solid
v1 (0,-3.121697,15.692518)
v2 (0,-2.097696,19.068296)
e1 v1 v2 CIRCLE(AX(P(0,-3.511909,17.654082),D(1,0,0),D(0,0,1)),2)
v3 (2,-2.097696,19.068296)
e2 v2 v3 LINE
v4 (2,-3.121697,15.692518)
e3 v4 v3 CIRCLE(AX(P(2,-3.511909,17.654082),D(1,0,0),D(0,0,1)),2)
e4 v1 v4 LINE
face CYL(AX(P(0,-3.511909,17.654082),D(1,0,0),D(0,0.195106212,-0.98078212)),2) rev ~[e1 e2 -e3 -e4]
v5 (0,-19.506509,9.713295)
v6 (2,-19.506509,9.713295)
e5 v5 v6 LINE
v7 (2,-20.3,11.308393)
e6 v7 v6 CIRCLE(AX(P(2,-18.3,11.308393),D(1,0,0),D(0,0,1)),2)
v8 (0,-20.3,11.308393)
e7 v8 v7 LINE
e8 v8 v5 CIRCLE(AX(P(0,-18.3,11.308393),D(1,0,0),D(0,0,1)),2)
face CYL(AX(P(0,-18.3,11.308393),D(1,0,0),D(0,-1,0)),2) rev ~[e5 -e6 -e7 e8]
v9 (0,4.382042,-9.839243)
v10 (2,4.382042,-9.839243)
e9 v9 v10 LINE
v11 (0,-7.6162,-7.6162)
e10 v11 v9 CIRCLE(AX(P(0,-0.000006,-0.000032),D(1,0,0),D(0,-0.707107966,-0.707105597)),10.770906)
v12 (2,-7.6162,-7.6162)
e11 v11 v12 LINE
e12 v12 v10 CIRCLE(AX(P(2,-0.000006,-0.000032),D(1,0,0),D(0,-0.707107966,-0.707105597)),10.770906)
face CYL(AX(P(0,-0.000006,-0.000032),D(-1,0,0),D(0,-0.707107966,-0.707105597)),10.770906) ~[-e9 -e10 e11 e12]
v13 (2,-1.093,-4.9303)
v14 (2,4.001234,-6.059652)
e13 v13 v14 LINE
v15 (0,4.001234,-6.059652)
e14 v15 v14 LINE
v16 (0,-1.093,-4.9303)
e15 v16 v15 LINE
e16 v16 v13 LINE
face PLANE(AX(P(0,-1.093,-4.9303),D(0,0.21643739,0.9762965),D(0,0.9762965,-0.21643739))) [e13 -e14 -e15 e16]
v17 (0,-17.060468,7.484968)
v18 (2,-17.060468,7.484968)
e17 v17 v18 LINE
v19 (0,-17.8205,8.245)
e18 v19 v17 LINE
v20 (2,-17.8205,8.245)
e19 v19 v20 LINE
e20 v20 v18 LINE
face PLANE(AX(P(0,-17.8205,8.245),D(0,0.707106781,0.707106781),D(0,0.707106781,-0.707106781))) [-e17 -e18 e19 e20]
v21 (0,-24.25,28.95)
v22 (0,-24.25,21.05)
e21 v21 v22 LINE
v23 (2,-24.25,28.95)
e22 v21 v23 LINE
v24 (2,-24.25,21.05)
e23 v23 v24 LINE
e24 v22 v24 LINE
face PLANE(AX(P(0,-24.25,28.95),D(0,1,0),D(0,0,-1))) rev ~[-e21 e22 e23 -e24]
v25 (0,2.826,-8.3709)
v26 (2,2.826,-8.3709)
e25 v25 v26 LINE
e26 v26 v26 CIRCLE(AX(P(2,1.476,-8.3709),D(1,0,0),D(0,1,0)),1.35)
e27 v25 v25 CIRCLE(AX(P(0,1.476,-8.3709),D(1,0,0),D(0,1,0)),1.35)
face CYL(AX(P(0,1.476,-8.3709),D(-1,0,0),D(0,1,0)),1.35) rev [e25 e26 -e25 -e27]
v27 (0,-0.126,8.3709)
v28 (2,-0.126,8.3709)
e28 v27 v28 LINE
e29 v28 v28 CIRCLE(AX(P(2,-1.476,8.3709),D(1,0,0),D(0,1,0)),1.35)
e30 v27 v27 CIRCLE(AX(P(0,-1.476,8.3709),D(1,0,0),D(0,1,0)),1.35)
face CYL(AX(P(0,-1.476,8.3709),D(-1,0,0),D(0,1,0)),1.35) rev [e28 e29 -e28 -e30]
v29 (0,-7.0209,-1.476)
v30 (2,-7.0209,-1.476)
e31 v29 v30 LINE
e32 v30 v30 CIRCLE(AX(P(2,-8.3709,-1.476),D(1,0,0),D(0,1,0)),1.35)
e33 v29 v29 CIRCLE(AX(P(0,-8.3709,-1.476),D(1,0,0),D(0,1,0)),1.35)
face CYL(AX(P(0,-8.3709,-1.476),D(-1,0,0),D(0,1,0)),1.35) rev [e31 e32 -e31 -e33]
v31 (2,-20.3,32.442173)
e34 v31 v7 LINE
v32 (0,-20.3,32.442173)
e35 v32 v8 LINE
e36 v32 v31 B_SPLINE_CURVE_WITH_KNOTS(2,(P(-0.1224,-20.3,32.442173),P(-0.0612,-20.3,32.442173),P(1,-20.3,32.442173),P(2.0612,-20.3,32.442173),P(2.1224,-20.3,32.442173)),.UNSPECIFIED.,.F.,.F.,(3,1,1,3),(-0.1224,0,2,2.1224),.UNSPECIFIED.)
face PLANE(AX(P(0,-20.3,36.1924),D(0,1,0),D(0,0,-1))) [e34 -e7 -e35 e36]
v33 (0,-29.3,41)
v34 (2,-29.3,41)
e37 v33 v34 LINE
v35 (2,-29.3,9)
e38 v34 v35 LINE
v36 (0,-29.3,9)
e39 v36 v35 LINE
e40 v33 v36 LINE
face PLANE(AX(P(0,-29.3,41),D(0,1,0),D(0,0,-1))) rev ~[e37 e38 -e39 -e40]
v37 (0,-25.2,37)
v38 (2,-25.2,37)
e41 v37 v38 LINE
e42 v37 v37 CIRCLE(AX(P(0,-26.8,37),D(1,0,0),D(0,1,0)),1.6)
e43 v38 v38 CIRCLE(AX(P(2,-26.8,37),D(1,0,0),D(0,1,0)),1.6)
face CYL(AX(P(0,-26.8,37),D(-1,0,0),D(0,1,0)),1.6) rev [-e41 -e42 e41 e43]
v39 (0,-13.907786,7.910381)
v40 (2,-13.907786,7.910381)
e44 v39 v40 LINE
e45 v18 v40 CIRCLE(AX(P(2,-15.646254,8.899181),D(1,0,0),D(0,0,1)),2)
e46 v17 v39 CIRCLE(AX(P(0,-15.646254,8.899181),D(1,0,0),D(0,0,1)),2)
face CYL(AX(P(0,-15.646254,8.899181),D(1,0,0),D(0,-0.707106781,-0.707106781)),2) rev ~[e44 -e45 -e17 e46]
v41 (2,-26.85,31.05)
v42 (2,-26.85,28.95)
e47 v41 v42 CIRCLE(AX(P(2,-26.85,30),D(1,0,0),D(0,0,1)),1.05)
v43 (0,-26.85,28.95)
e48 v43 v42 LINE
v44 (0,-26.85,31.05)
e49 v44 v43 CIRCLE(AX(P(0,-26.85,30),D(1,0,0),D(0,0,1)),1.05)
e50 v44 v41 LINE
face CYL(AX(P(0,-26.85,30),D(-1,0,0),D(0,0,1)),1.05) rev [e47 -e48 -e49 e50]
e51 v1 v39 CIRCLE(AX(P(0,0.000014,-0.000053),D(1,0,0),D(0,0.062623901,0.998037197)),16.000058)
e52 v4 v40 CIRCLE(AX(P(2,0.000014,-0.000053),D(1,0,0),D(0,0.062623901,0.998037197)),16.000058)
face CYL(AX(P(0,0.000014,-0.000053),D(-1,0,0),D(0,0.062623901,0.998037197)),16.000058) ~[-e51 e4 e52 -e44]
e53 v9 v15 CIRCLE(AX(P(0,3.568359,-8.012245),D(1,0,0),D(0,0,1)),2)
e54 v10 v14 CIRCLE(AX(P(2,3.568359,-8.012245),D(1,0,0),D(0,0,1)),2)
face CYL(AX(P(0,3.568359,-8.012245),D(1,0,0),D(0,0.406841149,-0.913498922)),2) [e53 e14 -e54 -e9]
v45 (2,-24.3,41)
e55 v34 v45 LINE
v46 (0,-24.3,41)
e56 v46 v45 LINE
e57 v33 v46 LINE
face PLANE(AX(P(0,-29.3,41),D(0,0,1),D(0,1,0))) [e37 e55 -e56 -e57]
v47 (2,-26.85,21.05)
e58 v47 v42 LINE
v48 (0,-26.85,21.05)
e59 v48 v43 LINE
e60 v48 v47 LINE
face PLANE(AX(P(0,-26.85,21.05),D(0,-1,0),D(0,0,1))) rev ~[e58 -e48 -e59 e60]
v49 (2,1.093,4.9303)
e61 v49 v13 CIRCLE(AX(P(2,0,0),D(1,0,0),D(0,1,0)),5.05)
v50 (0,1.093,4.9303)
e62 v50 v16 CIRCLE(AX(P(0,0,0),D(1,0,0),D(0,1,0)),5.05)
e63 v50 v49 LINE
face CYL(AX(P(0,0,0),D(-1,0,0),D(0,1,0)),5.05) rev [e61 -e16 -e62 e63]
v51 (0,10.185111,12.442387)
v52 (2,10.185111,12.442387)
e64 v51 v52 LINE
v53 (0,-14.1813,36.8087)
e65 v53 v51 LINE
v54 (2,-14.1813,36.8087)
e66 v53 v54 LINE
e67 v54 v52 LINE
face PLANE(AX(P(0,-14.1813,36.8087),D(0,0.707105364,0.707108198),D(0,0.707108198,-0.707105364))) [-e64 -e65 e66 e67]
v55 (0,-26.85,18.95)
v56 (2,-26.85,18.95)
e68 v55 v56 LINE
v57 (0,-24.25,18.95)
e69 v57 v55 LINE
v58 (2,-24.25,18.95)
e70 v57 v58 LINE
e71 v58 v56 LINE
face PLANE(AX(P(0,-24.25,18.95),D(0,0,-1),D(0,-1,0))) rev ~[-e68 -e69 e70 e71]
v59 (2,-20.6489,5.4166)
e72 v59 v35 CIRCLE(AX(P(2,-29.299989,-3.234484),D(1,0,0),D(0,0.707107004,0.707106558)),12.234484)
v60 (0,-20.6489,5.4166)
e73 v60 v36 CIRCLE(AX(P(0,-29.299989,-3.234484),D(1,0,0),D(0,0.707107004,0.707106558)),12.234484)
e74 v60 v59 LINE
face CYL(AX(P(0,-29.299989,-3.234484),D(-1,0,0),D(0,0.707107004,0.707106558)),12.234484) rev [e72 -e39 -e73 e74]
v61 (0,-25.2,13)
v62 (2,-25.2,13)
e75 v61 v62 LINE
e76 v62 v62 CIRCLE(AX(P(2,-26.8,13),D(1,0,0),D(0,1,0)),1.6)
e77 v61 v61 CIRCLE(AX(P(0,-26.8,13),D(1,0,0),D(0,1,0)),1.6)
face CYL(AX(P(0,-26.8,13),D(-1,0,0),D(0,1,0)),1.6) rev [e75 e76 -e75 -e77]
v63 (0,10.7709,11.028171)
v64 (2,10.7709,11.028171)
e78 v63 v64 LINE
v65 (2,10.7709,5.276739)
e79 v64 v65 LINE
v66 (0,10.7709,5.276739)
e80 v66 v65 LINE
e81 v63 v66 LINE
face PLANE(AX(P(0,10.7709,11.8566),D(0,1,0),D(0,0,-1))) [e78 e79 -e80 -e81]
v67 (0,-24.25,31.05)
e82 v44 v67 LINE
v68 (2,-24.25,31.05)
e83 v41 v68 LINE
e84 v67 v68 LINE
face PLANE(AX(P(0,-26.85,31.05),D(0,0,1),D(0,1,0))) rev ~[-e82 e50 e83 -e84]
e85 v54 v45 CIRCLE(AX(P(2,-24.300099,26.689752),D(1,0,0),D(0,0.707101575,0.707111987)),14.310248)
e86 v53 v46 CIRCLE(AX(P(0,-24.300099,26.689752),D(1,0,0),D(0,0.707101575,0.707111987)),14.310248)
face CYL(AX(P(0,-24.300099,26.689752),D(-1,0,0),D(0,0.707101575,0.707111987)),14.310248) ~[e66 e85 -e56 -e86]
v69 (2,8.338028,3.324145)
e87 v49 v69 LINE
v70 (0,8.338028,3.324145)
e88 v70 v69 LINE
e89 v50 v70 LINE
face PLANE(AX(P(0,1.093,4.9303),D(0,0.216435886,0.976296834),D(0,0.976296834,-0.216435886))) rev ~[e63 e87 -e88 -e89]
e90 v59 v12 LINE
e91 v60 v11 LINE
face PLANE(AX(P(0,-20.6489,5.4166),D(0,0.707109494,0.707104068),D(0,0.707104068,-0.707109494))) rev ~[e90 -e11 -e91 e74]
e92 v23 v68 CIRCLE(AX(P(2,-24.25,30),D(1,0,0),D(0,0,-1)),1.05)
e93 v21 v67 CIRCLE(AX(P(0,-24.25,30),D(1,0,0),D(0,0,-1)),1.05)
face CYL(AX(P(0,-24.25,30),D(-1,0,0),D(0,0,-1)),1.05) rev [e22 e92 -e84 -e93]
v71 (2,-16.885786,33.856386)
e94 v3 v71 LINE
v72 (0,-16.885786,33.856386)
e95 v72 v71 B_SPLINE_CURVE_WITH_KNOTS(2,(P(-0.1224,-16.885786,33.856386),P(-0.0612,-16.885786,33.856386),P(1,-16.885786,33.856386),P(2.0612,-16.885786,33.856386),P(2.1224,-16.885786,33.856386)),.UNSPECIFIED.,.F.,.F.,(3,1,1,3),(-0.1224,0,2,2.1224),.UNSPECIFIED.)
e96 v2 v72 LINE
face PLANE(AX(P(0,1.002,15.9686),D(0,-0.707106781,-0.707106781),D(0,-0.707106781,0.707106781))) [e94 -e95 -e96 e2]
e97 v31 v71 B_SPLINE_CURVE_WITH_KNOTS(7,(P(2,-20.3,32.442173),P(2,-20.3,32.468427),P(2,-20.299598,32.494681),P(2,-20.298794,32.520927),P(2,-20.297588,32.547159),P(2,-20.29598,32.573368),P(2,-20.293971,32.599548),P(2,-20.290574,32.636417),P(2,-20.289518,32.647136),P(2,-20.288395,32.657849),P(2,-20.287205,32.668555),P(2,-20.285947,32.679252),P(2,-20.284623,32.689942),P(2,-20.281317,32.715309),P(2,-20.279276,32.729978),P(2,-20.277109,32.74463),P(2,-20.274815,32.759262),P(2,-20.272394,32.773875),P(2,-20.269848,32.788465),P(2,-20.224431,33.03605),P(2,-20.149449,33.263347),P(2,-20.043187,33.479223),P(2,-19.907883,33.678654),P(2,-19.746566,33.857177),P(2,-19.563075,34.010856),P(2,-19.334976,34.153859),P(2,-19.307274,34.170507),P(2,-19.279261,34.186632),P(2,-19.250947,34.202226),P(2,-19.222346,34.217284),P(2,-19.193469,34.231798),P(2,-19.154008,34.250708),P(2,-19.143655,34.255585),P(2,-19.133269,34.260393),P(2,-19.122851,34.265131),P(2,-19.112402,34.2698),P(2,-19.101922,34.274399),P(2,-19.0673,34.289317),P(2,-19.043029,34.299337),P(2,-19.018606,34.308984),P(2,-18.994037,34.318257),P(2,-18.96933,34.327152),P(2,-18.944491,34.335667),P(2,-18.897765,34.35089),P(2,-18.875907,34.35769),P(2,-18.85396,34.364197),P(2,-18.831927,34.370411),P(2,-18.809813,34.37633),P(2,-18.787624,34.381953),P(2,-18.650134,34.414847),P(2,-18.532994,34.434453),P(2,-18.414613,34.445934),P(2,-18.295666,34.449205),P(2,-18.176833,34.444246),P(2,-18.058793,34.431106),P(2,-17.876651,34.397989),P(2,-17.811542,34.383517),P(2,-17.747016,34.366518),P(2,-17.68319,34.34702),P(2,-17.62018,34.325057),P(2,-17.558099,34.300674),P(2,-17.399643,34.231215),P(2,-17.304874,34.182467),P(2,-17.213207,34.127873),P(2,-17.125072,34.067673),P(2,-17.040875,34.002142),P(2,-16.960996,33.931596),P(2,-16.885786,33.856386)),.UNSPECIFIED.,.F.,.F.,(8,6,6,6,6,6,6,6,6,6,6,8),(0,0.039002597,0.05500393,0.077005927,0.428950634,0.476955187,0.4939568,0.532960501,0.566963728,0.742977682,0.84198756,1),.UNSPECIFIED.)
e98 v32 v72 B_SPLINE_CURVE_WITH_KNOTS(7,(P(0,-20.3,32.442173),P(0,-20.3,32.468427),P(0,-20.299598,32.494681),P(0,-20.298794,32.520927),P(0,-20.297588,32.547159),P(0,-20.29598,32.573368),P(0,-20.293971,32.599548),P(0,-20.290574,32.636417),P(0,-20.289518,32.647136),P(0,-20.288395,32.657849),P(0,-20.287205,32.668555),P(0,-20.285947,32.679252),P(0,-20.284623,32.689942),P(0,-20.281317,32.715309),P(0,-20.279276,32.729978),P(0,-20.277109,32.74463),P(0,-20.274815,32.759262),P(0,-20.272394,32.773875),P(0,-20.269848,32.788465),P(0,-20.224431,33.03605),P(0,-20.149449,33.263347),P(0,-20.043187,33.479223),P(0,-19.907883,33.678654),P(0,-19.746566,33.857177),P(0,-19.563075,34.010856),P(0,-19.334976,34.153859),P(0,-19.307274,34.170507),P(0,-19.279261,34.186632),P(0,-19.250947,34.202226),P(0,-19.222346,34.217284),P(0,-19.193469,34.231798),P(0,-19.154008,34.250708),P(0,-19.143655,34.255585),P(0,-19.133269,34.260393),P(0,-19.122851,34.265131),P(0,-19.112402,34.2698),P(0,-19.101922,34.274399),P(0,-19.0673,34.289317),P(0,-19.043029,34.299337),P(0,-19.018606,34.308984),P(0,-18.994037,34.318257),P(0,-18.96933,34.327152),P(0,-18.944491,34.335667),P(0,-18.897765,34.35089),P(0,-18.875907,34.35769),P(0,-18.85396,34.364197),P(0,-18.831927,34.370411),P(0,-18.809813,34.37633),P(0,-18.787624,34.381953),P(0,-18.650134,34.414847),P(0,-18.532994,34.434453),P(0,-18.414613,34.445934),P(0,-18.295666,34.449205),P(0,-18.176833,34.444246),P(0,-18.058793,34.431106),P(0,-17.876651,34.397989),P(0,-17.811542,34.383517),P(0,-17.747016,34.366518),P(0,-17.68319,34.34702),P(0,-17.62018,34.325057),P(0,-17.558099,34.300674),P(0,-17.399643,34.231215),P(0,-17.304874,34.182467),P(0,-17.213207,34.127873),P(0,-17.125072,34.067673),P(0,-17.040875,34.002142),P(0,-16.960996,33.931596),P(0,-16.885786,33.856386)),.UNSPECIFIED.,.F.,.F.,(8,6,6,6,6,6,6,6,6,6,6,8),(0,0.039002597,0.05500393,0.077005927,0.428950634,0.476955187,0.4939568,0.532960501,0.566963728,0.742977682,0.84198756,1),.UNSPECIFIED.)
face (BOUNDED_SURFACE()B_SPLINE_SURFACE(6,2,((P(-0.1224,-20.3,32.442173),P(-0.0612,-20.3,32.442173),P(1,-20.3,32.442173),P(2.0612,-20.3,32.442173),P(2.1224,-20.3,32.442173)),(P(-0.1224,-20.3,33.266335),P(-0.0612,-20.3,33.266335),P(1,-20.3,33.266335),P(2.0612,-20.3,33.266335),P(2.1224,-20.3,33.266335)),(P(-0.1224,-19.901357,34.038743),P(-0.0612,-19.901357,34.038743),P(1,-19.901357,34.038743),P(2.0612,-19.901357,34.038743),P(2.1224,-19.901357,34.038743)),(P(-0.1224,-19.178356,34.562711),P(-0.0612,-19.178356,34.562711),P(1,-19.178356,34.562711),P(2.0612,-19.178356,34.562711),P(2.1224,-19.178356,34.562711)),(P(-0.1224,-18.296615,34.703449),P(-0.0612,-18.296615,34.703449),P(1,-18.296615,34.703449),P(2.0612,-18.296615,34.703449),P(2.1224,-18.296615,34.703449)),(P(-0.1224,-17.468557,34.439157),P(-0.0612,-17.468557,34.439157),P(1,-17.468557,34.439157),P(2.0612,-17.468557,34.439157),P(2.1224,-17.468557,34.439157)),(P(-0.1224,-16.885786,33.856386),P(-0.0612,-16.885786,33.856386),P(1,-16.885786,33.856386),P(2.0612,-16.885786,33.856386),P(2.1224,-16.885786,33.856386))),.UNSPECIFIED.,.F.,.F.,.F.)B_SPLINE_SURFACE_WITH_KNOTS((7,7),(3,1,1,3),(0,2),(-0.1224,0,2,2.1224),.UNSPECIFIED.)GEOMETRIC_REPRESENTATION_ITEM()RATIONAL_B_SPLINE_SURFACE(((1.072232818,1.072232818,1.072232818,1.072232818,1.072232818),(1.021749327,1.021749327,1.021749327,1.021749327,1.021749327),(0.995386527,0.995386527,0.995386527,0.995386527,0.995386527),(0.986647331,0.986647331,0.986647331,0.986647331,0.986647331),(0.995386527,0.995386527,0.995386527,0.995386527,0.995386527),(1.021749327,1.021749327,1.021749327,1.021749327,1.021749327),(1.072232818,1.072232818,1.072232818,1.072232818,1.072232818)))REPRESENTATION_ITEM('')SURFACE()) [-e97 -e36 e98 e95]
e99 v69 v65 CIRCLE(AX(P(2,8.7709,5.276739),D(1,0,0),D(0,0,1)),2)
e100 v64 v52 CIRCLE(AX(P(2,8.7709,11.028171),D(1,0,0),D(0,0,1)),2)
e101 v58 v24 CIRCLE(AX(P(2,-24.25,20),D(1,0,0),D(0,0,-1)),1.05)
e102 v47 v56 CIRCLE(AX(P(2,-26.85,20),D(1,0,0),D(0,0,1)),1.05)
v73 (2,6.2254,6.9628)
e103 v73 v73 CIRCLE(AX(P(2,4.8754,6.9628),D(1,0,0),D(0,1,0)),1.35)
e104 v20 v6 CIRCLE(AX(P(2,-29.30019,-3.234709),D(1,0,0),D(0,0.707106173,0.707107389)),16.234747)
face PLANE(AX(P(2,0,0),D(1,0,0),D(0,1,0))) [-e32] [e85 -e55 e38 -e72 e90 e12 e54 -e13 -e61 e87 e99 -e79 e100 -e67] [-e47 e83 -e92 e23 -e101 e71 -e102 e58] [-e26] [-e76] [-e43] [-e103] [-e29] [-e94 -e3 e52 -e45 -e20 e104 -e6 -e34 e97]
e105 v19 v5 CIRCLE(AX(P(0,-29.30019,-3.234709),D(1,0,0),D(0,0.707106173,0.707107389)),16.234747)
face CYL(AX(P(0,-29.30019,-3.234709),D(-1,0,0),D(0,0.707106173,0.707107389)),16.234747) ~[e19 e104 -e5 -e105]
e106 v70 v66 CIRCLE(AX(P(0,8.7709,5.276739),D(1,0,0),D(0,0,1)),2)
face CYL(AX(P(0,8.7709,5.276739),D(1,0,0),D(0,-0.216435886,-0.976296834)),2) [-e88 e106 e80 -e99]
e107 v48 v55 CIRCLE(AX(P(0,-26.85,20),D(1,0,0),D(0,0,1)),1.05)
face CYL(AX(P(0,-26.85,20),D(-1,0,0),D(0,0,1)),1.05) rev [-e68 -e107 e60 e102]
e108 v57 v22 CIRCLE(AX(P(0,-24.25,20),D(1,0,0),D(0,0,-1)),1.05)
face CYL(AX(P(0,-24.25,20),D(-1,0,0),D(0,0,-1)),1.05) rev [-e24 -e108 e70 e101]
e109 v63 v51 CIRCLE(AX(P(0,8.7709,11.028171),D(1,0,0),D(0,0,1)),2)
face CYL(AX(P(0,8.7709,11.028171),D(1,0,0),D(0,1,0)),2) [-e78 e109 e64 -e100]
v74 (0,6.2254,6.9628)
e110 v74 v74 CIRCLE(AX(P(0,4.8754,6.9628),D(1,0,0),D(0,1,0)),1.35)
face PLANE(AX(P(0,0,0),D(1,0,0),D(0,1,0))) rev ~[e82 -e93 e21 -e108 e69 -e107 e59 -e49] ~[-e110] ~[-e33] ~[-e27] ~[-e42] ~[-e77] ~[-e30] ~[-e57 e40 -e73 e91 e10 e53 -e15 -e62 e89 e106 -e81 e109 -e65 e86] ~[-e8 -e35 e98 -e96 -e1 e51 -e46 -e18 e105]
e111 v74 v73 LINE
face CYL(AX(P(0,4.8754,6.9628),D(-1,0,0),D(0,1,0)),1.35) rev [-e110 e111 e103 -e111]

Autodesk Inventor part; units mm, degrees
ref_plane "YZ Plane" through (0, 0, 0) normal (1, 0, 0) x (0, 1, 0)
ref_plane "XZ Plane" through (0, 0, 0) normal (0, 1, 0) x (-1, 0, 0)
ref_plane "XY Plane" through (0, 0, 0) normal (0, 0, 1) x (1, 0, 0)
sketch "スケッチ1" plane through (0, 0, 0) normal (1, 0, 0) x (0, 1, 0)
  line L0 (-29.3, 41) -> (-29.3, 9)
  line L1 (-29.3, 25) -> (-24.3, 25) construction
  line L2 (-26.8, 31) -> (-24.3, 31) construction
  line L3 (-24.3, 31) -> (-24.3, 19) construction
  line L4 (-24.3, 19) -> (-26.8, 19) construction
  line L5 (-26.8, 19) -> (-26.8, 31) construction
  line L6 (-26.8, 31) -> (-24.3, 19) construction
  line L7 (-24.3, 31) -> (-26.8, 19) construction
  circle A0 centre (-26.8, 37) radius 1.6
  line L8 (-26.8, 70.0011) -> (-26.8, -20.0011) construction
  line L9 (-29.3, 41) -> (-24.3, 41)
  circle A1 centre (0, 0) radius 5.05
  line L10 (-1.476, 8.3709) -> (1.476, -8.3709) construction
  circle A2 centre (-1.476, 8.3709) radius 1.35
  arc A3 (-7.6162, -7.6162) -> (10.7709, 0) centre (0, 0) ccw
  line L11 (-26.85, 31.05) -> (-24.25, 31.05)
  line L12 (-24.25, 31.05) -> (-24.25, 18.95)
  line L13 (-24.25, 18.95) -> (-26.85, 18.95)
  line L14 (-26.85, 18.95) -> (-26.85, 31.05)
  line L15 (-26.85, 31.05) -> (-24.25, 18.95) construction
  line L16 (-24.25, 31.05) -> (-26.85, 18.95) construction
  arc A4 (-24.25, 28.95) -> (-24.25, 31.05) centre (-24.25, 30) ccw
  line L17 (-25.55, 31) -> (-25.55, 19) construction
  arc A5 (-26.85, 31.05) -> (-26.85, 28.95) centre (-26.85, 30) ccw
  arc A6 (-24.25, 18.95) -> (-24.25, 21.05) centre (-24.25, 20) ccw
  arc A7 (-26.85, 21.05) -> (-26.85, 18.95) centre (-26.85, 20) ccw
  circle A8 centre (-26.8, 13) radius 1.6
  line L18 (-14.1813, 36.8087) -> (10.7709, 11.8566)
  line L19 (10.7709, 11.8566) -> (10.7709, 0)
  line L20 (-20.6489, 5.4166) -> (-7.6162, -7.6162)
  circle A9 centre (-6.9628, 4.8754) radius 1.35
  circle A10 centre (-8.3709, -1.476) radius 1.35
  circle A11 centre (0, 0) radius 16 construction
  arc A12 (-14.1813, 36.8087) -> (-24.3, 41) centre (-24.3, 26.6899) ccw
  line L21 (-20.3, 36.1924) -> (-20.3, 10.2769)
  arc A13 (-17.0097, 33.9803) -> (-20.3, 36.1924) centre (-24.3, 26.6899) ccw
  line L22 (6.7709, 10.0706) -> (6.7709, 8.438)
  circle A14 centre (-1.476, 8.3709) radius 2.4 construction
  line L23 (1.002, 15.9686) -> (-17.0097, 33.9803)
  arc A15 (-20.6489, 5.4166) -> (-29.3, 9) centre (-29.3, -3.2345) ccw
  circle A16 centre (-4.8754, -6.9628) radius 1.35
  circle A17 centre (1.476, -8.3709) radius 1.35
  arc A18 (-17.8205, 8.245) -> (-20.3, 10.2769) centre (-29.3, -3.2345) ccw
  line L24 (-1.093, -4.9303) -> (8.1951, -6.9894)
  line L25 (1.093, 4.9303) -> (10.7709, 2.7848)
  circle A19 centre (6.9628, -4.8754) radius 1.35
  circle A20 centre (8.3709, 1.476) radius 1.35
  circle A21 centre (4.8754, 6.9628) radius 1.35
  circle A22 centre (-6.9628, 4.8754) radius 2.4 construction
  circle A23 centre (-8.3709, -1.476) radius 2.4 construction
  circle A24 centre (-4.8754, -6.9628) radius 2.4 construction
  circle A25 centre (1.476, -8.3709) radius 2.4 construction
  circle A26 centre (6.9628, -4.8754) radius 2.4 construction
  circle A27 centre (8.3709, 1.476) radius 2.4 construction
  circle A28 centre (4.8754, 6.9628) radius 2.4 construction
  line L26 (6.9628, -4.8754) -> (8.3709, 1.476) construction
  line L27 (-17.8205, 8.245) -> (-15.0385, 5.463)
  arc A29 (1.002, 15.9686) -> (-15.0385, 5.463) centre (0, 0) ccw
  point P0 (-25.55, 25)
  point P1 (-26.8, 25)
  point P2 (-24.25, 21.05)
  point P3 (-26.85, 21.05)
  point P4 (-26.85, 28.95)
  point P5 (-0.8769, 4.9733)
  point P6 (0.8769, -4.9733)
  dimension "d0" = 5
  dimension "d1" = 32
  dimension "d2" = 2.5
  dimension "d3" = 12
  dimension "d4" = 3.2
  dimension "d5" = 5
  dimension "d6" = 10.1
  dimension "d7" = 17
  dimension "d8" = 2.7
  dimension "d10" = 29.3
  dimension "d11" = 1.05
  dimension "d12" = 0.05
  dimension "d13" = 0.05
  dimension "d14" = 24
  dimension "d15" = 25
  dimension "d19" = 360
  dimension "d23" = 32
  dimension "d24" = 45
  dimension "d31" = 4
  dimension "d32" = 4
  dimension "d37" = 4.8
  dimension "d46" = 4
  dimension "d47" = 4
  dimension "d53" = 360
  dimension "d56" = 10
extrude "押し出し1" add sketch "スケッチ1" along normal blind 2 contours L9 A12 L18 L19 L25 A1 L24 A3 L20 A15 L0 | A9 | A16
fillet "フィレット1" radius 2 4 edges at (1, -20.3, 36.1924) (1, -20.3, 10.2769) (1, -15.0385, 5.463) (1, 1.002, 15.9686)
fillet "フィレット2" radius 2 3 edges at (1, 10.7709, 11.8566) (1, 8.1951, -6.9894) (1, 10.7709, 2.7848)
equation "\"d13\" = d12"
properties part number "Shoulder_side_frame" material "アルミニウム 2014-T4"
